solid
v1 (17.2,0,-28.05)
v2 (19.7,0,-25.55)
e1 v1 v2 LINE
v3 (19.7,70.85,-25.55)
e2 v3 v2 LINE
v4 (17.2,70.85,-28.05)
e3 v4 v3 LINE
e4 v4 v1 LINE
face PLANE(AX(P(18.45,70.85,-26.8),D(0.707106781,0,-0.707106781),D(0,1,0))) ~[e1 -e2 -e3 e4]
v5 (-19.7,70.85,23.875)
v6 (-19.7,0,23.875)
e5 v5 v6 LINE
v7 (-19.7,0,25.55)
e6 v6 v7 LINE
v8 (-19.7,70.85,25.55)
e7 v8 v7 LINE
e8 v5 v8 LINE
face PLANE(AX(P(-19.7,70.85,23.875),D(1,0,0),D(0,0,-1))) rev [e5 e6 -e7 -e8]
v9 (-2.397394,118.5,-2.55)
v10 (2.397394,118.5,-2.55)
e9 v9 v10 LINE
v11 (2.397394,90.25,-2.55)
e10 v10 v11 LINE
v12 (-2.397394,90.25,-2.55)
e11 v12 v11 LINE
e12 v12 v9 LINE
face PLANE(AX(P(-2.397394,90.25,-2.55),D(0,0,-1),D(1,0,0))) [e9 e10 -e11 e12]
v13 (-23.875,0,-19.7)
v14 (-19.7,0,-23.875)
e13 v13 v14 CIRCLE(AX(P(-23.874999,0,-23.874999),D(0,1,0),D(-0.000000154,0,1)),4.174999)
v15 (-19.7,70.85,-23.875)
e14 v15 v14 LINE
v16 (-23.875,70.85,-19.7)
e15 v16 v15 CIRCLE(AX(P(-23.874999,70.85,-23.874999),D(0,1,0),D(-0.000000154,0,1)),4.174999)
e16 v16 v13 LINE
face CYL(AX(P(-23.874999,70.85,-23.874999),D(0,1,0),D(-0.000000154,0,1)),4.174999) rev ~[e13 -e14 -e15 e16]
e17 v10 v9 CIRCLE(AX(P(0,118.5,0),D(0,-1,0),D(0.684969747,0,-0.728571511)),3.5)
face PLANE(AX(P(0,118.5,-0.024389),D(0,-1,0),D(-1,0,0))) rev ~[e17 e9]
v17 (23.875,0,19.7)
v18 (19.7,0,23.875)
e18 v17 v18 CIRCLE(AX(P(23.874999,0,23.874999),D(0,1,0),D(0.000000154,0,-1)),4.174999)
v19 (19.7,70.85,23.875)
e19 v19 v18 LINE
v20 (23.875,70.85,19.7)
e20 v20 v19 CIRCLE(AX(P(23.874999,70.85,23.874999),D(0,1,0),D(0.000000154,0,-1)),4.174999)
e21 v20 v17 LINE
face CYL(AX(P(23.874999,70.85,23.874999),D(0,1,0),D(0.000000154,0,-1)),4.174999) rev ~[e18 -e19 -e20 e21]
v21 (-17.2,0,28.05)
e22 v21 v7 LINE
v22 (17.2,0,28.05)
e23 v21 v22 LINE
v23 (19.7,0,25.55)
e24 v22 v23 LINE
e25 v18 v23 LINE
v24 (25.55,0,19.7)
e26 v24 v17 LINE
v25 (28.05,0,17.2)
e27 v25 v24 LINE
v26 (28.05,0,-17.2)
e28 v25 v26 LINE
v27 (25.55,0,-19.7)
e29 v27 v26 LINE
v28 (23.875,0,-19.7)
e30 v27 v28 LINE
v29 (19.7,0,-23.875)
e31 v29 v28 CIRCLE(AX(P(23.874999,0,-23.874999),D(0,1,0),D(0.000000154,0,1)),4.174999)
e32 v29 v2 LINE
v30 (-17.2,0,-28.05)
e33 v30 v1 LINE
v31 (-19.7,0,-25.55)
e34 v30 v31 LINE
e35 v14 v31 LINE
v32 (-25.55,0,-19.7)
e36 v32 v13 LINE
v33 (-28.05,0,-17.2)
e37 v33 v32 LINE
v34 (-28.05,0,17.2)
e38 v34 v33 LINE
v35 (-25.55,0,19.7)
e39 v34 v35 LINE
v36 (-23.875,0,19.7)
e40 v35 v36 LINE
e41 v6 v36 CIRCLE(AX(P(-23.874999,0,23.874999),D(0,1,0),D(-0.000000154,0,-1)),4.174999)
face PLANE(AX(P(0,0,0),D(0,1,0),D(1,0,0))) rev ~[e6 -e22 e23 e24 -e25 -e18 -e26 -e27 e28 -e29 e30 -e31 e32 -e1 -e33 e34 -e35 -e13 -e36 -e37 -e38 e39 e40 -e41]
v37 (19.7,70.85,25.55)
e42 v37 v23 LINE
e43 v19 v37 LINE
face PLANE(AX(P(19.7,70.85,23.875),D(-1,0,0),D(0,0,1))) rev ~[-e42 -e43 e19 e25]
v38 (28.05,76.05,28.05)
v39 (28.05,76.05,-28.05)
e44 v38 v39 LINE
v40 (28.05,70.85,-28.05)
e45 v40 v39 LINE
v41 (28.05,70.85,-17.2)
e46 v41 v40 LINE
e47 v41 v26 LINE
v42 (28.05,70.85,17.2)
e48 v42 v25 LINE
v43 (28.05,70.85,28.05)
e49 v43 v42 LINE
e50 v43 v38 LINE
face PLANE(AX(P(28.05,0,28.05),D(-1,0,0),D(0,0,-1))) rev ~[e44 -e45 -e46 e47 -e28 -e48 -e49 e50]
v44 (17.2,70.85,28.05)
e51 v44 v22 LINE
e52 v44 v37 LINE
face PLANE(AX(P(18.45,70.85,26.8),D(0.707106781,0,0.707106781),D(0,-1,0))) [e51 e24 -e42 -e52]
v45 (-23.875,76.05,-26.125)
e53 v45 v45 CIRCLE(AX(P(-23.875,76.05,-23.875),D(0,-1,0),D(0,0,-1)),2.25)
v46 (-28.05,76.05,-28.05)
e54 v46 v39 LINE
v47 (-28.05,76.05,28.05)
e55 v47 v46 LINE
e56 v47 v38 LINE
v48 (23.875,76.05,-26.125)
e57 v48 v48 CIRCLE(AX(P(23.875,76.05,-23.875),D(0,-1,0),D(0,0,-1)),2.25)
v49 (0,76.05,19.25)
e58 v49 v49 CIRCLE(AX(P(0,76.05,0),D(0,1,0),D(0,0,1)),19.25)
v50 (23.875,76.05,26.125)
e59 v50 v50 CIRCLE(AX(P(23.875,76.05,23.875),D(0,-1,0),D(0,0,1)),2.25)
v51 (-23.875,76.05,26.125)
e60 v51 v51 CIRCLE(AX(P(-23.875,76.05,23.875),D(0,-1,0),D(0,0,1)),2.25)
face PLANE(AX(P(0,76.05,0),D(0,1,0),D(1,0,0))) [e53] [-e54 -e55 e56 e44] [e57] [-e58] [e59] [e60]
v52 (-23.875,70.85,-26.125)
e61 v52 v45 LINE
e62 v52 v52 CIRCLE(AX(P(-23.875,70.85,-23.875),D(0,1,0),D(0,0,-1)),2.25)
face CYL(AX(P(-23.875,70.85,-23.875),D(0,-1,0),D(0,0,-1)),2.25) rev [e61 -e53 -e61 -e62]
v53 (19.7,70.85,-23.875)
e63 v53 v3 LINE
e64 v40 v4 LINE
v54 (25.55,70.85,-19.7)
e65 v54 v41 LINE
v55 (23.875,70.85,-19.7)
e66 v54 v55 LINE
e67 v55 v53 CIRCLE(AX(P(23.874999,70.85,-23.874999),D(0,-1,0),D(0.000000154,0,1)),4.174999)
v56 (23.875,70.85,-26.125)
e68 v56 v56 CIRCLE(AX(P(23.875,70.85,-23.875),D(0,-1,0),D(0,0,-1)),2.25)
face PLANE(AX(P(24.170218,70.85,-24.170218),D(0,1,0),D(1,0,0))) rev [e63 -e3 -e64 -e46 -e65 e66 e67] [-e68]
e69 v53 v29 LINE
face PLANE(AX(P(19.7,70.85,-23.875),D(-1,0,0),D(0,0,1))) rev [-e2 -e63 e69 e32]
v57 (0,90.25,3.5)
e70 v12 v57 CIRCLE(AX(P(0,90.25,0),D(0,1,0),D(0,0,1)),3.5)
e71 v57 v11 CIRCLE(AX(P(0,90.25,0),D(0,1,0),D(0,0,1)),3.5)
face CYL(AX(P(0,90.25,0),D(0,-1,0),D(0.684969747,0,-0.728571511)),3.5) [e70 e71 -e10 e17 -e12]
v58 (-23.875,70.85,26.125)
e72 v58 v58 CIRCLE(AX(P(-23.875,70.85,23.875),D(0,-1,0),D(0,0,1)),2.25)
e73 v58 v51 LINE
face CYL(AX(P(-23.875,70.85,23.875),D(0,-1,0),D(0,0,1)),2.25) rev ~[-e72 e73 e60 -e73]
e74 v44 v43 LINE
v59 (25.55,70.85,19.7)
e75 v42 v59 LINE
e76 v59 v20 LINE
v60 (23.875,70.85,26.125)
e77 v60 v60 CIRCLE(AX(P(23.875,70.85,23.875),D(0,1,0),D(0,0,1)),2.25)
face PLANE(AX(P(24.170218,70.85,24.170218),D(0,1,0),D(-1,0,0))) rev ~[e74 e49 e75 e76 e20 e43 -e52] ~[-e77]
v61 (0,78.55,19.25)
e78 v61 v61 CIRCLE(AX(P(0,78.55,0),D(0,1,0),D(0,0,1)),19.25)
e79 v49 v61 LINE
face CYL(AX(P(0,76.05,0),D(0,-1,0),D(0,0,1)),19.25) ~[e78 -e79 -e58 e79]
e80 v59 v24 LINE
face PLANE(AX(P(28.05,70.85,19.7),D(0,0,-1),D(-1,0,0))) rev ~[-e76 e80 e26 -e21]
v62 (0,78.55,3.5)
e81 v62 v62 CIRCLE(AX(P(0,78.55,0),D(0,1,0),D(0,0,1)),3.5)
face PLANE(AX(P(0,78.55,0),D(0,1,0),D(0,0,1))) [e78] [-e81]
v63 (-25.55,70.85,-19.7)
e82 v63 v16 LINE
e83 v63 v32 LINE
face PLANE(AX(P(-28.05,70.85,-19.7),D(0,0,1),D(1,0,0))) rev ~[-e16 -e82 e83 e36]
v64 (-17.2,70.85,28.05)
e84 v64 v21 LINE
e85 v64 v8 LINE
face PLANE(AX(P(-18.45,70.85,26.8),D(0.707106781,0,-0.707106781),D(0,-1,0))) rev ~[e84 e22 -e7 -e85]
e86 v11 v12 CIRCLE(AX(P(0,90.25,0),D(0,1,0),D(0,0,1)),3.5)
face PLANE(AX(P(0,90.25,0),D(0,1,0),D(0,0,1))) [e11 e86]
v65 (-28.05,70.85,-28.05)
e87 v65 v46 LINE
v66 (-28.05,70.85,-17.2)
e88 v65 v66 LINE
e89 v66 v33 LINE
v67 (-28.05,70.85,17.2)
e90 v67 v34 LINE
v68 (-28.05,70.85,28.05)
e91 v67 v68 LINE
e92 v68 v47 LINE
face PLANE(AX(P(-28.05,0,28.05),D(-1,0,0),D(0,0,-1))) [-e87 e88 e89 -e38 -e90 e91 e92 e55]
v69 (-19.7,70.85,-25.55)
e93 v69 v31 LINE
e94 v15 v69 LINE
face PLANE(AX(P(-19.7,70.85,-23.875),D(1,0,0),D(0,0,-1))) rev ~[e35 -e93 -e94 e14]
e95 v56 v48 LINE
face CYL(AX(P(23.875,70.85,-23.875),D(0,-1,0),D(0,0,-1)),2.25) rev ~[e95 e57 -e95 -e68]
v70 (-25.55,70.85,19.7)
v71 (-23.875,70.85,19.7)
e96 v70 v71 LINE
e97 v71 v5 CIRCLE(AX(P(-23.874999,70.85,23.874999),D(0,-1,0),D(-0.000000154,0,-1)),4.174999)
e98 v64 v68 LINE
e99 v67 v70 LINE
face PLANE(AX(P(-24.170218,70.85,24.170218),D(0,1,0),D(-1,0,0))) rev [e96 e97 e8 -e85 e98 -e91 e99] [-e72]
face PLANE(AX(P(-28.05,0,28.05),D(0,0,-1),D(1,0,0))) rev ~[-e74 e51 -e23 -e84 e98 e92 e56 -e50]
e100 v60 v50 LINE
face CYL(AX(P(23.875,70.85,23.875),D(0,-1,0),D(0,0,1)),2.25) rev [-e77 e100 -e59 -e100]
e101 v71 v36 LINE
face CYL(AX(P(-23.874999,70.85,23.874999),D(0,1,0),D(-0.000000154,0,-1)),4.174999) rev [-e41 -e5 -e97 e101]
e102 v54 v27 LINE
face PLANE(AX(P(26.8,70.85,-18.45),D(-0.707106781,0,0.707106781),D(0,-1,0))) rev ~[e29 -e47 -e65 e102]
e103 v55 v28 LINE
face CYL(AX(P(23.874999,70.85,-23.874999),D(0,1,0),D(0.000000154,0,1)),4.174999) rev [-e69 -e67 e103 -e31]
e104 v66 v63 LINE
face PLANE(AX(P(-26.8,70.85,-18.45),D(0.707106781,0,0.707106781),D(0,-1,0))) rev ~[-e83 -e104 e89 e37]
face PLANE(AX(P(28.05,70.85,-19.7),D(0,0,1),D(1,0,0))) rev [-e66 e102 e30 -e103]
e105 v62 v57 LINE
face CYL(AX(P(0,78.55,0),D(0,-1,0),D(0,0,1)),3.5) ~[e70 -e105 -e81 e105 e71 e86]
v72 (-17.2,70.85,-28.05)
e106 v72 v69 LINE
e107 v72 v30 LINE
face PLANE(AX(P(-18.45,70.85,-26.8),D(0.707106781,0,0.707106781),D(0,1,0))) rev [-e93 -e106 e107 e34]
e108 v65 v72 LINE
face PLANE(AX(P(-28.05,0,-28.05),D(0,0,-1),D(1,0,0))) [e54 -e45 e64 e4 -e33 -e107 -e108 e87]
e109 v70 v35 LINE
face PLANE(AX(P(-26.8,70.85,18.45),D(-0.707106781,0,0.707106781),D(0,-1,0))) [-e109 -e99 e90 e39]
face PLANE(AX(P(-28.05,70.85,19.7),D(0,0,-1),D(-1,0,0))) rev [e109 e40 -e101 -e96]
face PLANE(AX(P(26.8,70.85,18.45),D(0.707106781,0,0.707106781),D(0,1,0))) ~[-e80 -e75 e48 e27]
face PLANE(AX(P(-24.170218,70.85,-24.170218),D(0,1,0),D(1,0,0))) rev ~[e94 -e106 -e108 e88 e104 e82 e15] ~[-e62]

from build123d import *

# Parameters (mm, degrees)
CROQUIS1_W                                 = 56.1
CROQUIS1_H                                 = 56.1
SALIENTE_EXTRUIR1_DEPTH                    = 76.05
CORTAR_EXTRUIR1_DEPTH                      = 82.199307
SIMETR_A3_AT_THE_SECOND_PLANE_COPY_1_DEPTH = 82.199307
CHAFL_N1_SIZE                              = 2.5
CROQUIS3_R                                 = 2.25
CORTAR_EXTRUIR2_DEPTH                      = 82.199307
SIMETR_A4_AT_THE_SECOND_PLANE_COPY_1_SKE_R = 2.25
SIMETR_A4_AT_THE_SECOND_PLANE_COPY_1_DEPTH = 82.199307
CROQUIS4_R                                 = 19.25
SALIENTE_EXTRUIR2_DEPTH                    = 2.5
CROQUIS6_R                                 = 3.5
SALIENTE_EXTRUIR4_DEPTH                    = 11.7
SALIENTE_EXTRUIR5_DEPTH                    = 28.15
SALIENTE_EXTRUIR3_DEPTH                    = 39.95


with BuildPart() as part:
    # Croquis1 → Saliente-Extruir1 (new body)
    with BuildSketch(Plane(origin=(0, 0, 0), x_dir=(1, 0, 0), z_dir=(0, 1, 0))):
        Rectangle(CROQUIS1_W, CROQUIS1_H)
    extrude(amount=SALIENTE_EXTRUIR1_DEPTH)

    # Croquis2 → Cortar-Extruir1 (cut, through all)
    with BuildSketch(Plane(origin=(0, 70.85, 0), x_dir=(1, 0, 0), z_dir=(0, 1, 0))):
        with BuildLine():
            Line((-28.05, 19.7), (-23.875, 19.7))
            ThreePointArc((-23.875, 19.7), (-20.922829, 20.922829), (-19.7, 23.875))
            Line((-19.7, 23.875), (-19.7, 28.05))
            Line((-19.7, 28.05), (-28.05, 28.05))
            Line((-28.05, 28.05), (-28.05, 19.7))
        make_face()
    cortar_extruir1 = extrude(amount=-CORTAR_EXTRUIR1_DEPTH, mode=Mode.SUBTRACT)

    # Simetría3: Cortar-Extruir1 across plane
    add(cortar_extruir1.mirror(Plane(origin=(0, 0, 0), x_dir=(0, 0, 1), z_dir=(1, 0, 0))), mode=Mode.SUBTRACT)

    # Simetría3 at the second plane: Cortar-Extruir1 across plane
    add(cortar_extruir1.mirror(Plane.XY), mode=Mode.SUBTRACT)

    # Simetría3 at the second plane copy 1 ske → Simetría3 at the second plane copy 1 (cut, through all)
    with BuildSketch(Plane(origin=(0, 70.85, 0), x_dir=(-1, 0, 0), z_dir=(0, 1, 0))):
        with BuildLine():
            Line((-28.05, 19.7), (-23.875, 19.7))
            ThreePointArc((-23.875, 19.7), (-20.922829, 20.922829), (-19.7, 23.875))
            Line((-19.7, 23.875), (-19.7, 28.05))
            Line((-19.7, 28.05), (-28.05, 28.05))
            Line((-28.05, 28.05), (-28.05, 19.7))
        make_face()
    extrude(amount=-SIMETR_A3_AT_THE_SECOND_PLANE_COPY_1_DEPTH, mode=Mode.SUBTRACT)

    # Chaflán1
    chafl_n1_edges = [part.edges().sort_by_distance(p)[0] for p in [
        (-28.05, 35.425, -19.7),
        (-19.7, 35.425, -28.05),
        (-28.05, 35.425, 19.7),
        (-19.7, 35.425, 28.05),
        (28.05, 35.425, -19.7),
        (19.7, 35.425, -28.05),
        (28.05, 35.425, 19.7),
        (19.7, 35.425, 28.05),
    ]]
    chamfer(chafl_n1_edges, length=CHAFL_N1_SIZE)

    # Croquis3 → Cortar-Extruir2 (cut, through all)
    with BuildSketch(Plane.XZ.offset(-70.85)):
        with Locations(Location((23.875, -23.875, 0), (0, 0, 270))):
            Circle(CROQUIS3_R)
    cortar_extruir2 = extrude(amount=-CORTAR_EXTRUIR2_DEPTH, mode=Mode.SUBTRACT)

    # Simetría4: Cortar-Extruir2 across plane
    add(cortar_extruir2.mirror(Plane(origin=(0, 0, 0), x_dir=(0, 0, 1), z_dir=(1, 0, 0))), mode=Mode.SUBTRACT)

    # Simetría4 at the second plane: Cortar-Extruir2 across plane
    add(cortar_extruir2.mirror(Plane.XY), mode=Mode.SUBTRACT)

    # Simetría4 at the second plane copy 1 ske → Simetría4 at the second plane copy 1 (cut, through all)
    with BuildSketch(Plane(origin=(0, 70.85, 0), x_dir=(-1, 0, 0), z_dir=(0, -1, 0))):
        with Locations(Location((23.875, -23.875, 0), (0, 0, 270))):
            Circle(SIMETR_A4_AT_THE_SECOND_PLANE_COPY_1_SKE_R)
    extrude(amount=-SIMETR_A4_AT_THE_SECOND_PLANE_COPY_1_DEPTH, mode=Mode.SUBTRACT)

    # Croquis4 → Saliente-Extruir2 (add)
    with BuildSketch(Plane(origin=(0, 76.05, 0), x_dir=(1, 0, 0), z_dir=(0, 1, 0))):
        with Locations(Location((0, 0, 0), (0, 0, 270))):
            Circle(CROQUIS4_R)
    extrude(amount=SALIENTE_EXTRUIR2_DEPTH)

    # Croquis6 → Saliente-Extruir4 (add)
    with BuildSketch(Plane(origin=(0, 78.55, 0), x_dir=(1, 0, 0), z_dir=(0, 1, 0))):
        with Locations(Location((0, 0, 0), (0, 0, 270))):
            Circle(CROQUIS6_R)
    extrude(amount=SALIENTE_EXTRUIR4_DEPTH)

    # Croquis7 → Saliente-Extruir5 (add)
    with BuildSketch(Plane(origin=(0, 90.25, 0), x_dir=(1, 0, 0), z_dir=(0, 1, 0))):
        with BuildLine():
            Line((-2.397394, 2.55), (2.397394, 2.55))
            ThreePointArc((2.397394, 2.55), (0, -3.5), (-2.397394, 2.55))
        make_face()
    extrude(amount=SALIENTE_EXTRUIR5_DEPTH)

    # Croquis5 → Saliente-Extruir3 (add)
    with BuildSketch(Plane(origin=(0, 78.55, 0), x_dir=(1, 0, 0), z_dir=(0, 1, 0))):
        with BuildLine():
            Line((-2.397394, 2.55), (2.397394, 2.55))
            ThreePointArc((2.397394, 2.55), (0, -3.5), (-2.397394, 2.55))
        make_face()
    extrude(amount=SALIENTE_EXTRUIR3_DEPTH)


solid = part.part
